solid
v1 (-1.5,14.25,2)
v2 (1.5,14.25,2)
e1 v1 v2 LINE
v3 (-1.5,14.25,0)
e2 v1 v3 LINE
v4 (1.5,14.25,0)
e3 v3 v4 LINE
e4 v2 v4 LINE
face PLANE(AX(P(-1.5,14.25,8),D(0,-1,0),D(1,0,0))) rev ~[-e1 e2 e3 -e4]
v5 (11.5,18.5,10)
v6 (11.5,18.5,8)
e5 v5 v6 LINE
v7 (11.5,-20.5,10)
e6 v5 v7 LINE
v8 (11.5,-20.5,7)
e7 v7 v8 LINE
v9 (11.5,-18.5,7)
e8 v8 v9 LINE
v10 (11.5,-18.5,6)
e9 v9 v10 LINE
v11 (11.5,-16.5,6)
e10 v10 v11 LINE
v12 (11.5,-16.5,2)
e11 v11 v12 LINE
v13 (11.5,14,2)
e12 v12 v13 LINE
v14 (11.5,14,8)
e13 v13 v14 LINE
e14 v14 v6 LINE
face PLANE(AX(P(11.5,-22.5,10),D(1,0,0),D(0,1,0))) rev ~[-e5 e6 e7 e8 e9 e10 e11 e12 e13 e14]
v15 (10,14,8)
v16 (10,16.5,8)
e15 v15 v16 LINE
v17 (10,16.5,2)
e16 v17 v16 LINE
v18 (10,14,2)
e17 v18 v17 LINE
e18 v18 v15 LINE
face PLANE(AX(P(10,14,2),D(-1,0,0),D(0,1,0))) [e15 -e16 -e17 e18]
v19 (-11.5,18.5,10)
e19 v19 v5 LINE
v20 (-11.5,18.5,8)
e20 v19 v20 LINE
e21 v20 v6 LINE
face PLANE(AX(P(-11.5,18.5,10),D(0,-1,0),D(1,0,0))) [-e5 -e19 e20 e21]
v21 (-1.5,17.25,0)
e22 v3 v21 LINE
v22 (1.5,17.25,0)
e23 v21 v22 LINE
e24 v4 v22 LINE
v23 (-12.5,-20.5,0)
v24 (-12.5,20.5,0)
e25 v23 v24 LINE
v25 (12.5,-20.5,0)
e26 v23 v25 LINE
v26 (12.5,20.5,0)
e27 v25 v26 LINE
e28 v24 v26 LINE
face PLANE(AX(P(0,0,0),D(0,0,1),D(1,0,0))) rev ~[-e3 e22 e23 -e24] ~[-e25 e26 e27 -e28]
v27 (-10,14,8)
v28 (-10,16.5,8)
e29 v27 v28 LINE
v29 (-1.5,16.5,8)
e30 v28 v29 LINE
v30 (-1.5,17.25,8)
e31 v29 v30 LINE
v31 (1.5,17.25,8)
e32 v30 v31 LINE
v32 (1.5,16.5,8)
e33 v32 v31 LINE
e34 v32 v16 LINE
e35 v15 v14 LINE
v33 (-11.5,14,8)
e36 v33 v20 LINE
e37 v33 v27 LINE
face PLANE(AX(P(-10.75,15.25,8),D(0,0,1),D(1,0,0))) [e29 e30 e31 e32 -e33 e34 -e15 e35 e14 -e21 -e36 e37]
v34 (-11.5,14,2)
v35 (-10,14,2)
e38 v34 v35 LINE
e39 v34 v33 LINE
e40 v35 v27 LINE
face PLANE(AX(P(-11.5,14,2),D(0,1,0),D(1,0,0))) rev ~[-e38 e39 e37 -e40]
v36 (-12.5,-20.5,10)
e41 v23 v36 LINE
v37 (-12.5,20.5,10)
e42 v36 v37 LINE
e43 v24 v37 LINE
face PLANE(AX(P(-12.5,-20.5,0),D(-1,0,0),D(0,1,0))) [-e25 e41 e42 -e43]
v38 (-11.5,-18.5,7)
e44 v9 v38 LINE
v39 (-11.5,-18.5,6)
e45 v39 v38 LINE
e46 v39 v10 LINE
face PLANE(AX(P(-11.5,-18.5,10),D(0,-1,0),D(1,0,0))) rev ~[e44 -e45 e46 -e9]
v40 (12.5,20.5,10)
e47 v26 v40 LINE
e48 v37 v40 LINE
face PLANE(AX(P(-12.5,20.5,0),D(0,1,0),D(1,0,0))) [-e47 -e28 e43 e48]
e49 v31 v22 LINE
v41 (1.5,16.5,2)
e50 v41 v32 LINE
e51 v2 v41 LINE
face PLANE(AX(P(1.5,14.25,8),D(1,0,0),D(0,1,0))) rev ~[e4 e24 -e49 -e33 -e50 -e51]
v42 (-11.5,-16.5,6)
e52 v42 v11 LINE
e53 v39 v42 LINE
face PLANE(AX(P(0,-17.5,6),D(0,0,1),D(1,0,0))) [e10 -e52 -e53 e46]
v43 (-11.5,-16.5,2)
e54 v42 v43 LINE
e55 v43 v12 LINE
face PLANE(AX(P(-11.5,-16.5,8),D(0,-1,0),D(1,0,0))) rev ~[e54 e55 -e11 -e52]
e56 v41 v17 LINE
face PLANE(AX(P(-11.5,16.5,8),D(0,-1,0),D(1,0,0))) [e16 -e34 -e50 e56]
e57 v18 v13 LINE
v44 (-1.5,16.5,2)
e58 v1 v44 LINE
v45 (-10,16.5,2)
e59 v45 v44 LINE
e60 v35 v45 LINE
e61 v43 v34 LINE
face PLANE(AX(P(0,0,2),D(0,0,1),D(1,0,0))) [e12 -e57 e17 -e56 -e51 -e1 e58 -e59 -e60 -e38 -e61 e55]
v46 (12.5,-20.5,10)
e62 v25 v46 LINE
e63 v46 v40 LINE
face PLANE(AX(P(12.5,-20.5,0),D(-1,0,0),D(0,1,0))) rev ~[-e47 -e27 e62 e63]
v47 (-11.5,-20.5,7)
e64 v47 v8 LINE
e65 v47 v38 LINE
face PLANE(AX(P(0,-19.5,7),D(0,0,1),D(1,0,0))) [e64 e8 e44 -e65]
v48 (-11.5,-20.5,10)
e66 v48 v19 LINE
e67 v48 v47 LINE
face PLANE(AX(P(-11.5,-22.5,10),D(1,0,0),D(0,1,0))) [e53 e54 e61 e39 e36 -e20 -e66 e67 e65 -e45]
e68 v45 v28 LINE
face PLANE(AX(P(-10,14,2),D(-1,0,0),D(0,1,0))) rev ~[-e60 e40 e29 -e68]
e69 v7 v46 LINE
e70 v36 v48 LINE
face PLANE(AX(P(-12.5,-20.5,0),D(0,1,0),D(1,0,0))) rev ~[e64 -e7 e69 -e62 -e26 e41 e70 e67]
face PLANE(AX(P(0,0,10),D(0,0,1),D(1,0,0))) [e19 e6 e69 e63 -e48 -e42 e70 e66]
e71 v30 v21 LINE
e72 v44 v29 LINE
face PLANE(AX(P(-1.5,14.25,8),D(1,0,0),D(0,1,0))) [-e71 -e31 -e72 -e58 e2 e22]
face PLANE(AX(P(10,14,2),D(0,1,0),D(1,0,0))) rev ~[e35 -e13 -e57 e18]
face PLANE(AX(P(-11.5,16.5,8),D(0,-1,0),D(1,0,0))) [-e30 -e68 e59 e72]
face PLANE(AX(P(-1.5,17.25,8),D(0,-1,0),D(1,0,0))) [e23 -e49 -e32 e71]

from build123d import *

# Parameters (mm, degrees)
SKETCH_W        = 25
SKETCH_H        = 41
PAD_DEPTH       = 10
SKETCH001_W     = 23
SKETCH001_H     = 37
POCKET_DEPTH    = 2
SKETCH002_W     = 23
SKETCH002_H     = 33
POCKET001_DEPTH = 6
SKETCH003_W     = 23
SKETCH003_H     = 2
POCKET002_DEPTH = 4
SKETCH005_W     = 23
SKETCH005_H     = 6
POCKET003_DEPTH = 3
SKETCH006_W     = 3
SKETCH006_H     = 3
POCKET004_DEPTH = 8.001
SKETCH012_W     = 1.5
SKETCH012_H     = 2.5
PAD004_DEPTH    = 6


with BuildPart() as part:
    # Sketch → Pad (new body)
    with BuildSketch(Plane.XY):
        Rectangle(SKETCH_W, SKETCH_H)
    extrude(amount=PAD_DEPTH)

    # Sketch001 (on Face6 of Pad) → Pocket (cut)
    with BuildSketch(Plane.XY.offset(10)):
        Rectangle(SKETCH001_W, SKETCH001_H)
    extrude(amount=-POCKET_DEPTH, mode=Mode.SUBTRACT)

    # Sketch002 (on Face11 of Pocket) → Pocket001 (cut)
    with BuildSketch(Plane.XY.offset(8)):
        Rectangle(SKETCH002_W, SKETCH002_H)
    extrude(amount=-POCKET001_DEPTH, mode=Mode.SUBTRACT)

    # Sketch003 (on Face5 of Pocket001) → Pocket002 (cut)
    with BuildSketch(Plane.XY.offset(10)):
        with Locations((0, -17.5)):
            Rectangle(SKETCH003_W, SKETCH003_H)
    extrude(amount=-POCKET002_DEPTH, mode=Mode.SUBTRACT)

    # Sketch005 (on Face5 of Pocket002) → Pocket003 (cut)
    with BuildSketch(Plane.XY.offset(10)):
        with Locations((0, -19.5)):
            Rectangle(SKETCH005_W, SKETCH005_H)
    extrude(amount=-POCKET003_DEPTH, mode=Mode.SUBTRACT)

    # Sketch006 (on Face16 of Pocket003) → Pocket004 (cut, through all)
    with BuildSketch(Plane.XY.offset(8)):
        with Locations((0, 15.75)):
            Rectangle(SKETCH006_W, SKETCH006_H)
    extrude(amount=-POCKET004_DEPTH, mode=Mode.SUBTRACT)

    # Sketch012 (on Face21 of Pocket004) → Pad004 (join)
    with BuildSketch(Plane.XY.offset(2)):
        with Locations((-10.75, 15.25)):
            Rectangle(SKETCH012_W, SKETCH012_H)
        with Locations((10.75, 15.25)):
            Rectangle(SKETCH012_W, SKETCH012_H)
    extrude(amount=PAD004_DEPTH)


solid = part.part
